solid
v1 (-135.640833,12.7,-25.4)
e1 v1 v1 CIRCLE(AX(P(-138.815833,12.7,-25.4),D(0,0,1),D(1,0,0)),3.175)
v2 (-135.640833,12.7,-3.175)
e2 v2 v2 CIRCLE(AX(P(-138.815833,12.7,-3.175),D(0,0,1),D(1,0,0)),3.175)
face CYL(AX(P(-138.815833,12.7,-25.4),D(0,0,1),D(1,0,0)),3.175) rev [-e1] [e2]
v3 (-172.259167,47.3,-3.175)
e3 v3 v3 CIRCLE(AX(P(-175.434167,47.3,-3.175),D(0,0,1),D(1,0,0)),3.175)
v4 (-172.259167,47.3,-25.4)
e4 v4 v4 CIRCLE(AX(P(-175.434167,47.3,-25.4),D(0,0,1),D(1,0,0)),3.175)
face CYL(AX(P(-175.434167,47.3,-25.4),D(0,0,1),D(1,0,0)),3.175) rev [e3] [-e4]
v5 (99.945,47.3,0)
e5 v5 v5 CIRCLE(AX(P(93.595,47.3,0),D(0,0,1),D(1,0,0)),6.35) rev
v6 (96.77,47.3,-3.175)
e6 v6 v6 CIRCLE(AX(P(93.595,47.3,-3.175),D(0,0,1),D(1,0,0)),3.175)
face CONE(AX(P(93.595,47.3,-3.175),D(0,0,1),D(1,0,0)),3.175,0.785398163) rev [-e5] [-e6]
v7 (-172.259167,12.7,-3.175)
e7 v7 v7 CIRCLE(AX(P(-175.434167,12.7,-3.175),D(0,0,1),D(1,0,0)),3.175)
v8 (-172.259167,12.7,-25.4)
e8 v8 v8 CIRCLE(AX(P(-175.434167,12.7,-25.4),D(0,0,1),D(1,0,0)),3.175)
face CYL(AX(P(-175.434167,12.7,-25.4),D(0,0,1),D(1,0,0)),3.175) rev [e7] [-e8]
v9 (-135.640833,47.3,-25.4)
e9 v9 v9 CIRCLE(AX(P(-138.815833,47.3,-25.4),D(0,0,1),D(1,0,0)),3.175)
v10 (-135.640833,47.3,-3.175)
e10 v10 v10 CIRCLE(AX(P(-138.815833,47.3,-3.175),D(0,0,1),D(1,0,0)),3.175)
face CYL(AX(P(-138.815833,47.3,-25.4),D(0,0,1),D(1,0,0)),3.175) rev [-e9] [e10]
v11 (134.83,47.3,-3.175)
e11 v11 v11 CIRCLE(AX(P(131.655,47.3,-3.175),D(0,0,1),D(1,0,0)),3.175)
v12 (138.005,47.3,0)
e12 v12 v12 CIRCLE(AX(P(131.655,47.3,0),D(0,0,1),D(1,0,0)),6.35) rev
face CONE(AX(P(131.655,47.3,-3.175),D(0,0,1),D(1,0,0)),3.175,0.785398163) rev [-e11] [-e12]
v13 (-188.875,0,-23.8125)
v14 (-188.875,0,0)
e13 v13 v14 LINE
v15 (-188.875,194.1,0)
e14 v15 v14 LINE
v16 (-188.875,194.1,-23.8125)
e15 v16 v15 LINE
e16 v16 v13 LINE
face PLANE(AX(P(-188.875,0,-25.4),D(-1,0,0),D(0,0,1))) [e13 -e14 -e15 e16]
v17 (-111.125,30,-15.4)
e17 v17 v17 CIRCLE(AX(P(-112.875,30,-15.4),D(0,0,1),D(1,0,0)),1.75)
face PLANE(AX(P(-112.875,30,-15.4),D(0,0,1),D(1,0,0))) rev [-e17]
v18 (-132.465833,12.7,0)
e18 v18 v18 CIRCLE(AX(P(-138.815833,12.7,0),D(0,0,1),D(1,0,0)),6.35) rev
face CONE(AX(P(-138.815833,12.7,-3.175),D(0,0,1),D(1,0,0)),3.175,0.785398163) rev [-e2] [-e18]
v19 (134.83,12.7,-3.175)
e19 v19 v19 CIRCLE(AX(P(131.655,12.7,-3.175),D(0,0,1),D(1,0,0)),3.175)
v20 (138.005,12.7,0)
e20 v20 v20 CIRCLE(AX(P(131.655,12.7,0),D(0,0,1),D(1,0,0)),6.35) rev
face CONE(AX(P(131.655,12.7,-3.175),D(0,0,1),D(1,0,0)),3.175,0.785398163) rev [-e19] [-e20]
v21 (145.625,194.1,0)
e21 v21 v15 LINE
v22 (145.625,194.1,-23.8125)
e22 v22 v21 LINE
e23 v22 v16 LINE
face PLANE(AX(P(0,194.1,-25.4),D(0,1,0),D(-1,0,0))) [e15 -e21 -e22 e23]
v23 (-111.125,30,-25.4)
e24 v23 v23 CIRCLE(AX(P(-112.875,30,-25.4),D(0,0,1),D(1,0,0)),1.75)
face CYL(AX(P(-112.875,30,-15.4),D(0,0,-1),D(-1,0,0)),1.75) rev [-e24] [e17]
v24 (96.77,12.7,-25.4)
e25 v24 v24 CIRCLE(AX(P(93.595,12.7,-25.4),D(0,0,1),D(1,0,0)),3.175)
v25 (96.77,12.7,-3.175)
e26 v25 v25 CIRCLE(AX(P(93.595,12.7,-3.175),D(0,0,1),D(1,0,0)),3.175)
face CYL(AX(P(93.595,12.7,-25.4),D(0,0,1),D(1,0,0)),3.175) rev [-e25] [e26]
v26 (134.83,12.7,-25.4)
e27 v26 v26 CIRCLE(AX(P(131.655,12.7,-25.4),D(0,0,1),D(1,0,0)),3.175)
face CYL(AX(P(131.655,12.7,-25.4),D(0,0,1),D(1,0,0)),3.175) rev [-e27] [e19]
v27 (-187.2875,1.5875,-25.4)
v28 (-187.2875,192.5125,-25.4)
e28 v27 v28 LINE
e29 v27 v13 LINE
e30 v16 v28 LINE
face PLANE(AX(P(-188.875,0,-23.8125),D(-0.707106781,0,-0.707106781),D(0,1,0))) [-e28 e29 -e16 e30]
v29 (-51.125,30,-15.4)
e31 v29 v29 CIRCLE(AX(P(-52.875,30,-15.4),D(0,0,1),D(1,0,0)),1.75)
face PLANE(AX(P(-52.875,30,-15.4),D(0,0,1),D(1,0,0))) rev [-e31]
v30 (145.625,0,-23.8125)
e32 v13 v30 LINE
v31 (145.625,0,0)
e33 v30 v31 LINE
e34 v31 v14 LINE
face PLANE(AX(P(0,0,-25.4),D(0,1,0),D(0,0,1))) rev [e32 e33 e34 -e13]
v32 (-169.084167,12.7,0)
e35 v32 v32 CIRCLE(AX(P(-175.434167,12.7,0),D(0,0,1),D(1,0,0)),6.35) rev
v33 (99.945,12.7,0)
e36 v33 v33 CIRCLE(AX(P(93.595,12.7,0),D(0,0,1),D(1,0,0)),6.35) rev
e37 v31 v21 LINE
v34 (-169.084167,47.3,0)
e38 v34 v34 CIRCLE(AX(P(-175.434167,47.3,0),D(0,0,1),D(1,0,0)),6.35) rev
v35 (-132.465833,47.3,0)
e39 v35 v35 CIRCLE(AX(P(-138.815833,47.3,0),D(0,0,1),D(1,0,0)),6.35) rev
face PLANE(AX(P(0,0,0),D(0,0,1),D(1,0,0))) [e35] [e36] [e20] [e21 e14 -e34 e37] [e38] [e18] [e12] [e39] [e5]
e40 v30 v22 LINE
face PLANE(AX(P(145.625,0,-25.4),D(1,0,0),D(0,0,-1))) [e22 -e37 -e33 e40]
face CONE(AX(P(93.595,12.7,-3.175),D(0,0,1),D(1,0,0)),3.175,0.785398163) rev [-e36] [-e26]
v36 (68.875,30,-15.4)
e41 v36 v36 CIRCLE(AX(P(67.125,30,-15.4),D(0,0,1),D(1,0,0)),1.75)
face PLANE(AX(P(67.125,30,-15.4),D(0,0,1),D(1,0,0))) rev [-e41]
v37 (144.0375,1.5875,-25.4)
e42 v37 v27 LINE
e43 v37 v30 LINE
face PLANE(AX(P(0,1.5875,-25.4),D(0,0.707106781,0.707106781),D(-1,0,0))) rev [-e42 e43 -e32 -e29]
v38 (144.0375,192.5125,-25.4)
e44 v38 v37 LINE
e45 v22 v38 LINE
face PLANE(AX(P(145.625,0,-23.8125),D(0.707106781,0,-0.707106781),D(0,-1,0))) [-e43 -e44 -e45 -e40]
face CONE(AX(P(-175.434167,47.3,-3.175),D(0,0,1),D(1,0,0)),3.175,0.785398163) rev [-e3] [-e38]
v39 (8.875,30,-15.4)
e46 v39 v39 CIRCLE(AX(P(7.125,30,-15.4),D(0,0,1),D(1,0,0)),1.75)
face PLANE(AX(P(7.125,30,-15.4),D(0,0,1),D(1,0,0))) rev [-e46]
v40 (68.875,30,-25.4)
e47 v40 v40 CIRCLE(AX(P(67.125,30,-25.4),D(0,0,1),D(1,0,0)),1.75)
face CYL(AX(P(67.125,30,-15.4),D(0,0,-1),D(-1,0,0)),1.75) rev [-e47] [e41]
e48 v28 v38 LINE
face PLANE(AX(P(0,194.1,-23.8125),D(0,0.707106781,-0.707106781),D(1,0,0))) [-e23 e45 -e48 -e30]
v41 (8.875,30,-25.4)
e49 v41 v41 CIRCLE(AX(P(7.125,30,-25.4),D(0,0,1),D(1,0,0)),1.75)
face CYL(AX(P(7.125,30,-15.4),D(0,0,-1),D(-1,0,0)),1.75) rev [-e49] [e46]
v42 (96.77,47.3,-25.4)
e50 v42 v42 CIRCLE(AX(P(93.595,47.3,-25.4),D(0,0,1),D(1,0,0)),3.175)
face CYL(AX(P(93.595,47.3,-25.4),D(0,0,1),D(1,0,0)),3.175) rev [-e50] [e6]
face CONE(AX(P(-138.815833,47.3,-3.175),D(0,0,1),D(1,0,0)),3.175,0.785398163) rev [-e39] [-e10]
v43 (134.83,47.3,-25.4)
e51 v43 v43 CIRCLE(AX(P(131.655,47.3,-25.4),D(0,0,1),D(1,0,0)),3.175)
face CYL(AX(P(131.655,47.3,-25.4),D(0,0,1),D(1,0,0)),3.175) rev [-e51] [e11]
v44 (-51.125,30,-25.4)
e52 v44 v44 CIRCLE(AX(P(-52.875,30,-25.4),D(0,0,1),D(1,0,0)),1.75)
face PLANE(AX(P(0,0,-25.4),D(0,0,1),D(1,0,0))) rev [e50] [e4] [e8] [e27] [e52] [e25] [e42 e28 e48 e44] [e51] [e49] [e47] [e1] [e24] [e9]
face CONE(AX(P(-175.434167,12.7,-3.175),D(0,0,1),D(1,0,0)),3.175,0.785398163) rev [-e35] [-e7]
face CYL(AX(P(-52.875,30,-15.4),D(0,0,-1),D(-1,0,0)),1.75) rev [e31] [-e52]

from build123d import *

# Parameters (mm, degrees)
SKETCH2_W               = 334.5
SKETCH2_H               = 194.1
PRIMARY_EXTRUSION_DEPTH = 25.4
RAIL_START              = -25.4
RAIL_MOUNTING_DEPTH     = 10
SKETCH3_R               = 3.175
CUT_EXTRUDE2_DEPTH      = 26.4
CHAMFER1_SIZE           = 3.175
CHAMFER2_SIZE           = 1.5875


with BuildPart() as part:
    # Sketch2 → Primary Extrusion (new body)
    with BuildSketch(Plane.XY):
        with Locations((-21.625, 97.05)):
            Rectangle(SKETCH2_W, SKETCH2_H)
    extrude(amount=-PRIMARY_EXTRUSION_DEPTH)

    # Sketch2<3> → Rail Mounting (cut)
    with BuildSketch(Plane.XY.offset(RAIL_START)):
        with BuildLine():
            ThreePointArc((-112.875, 31.75), (-114.625, 30), (-112.875, 28.25))
            ThreePointArc((-112.875, 28.25), (-111.125, 30), (-112.875, 31.75))
        make_face()
        with BuildLine():
            ThreePointArc((-52.875, 31.75), (-54.625, 30), (-52.875, 28.25))
            ThreePointArc((-52.875, 28.25), (-51.125, 30), (-52.875, 31.75))
        make_face()
        with BuildLine():
            ThreePointArc((7.125, 31.75), (5.375, 30), (7.125, 28.25))
            ThreePointArc((7.125, 28.25), (8.875, 30), (7.125, 31.75))
        make_face()
        with BuildLine():
            ThreePointArc((67.125, 31.75), (65.375, 30), (67.125, 28.25))
            ThreePointArc((67.125, 28.25), (68.875, 30), (67.125, 31.75))
        make_face()
    extrude(amount=RAIL_MOUNTING_DEPTH, mode=Mode.SUBTRACT)

    # Sketch3 → Cut-Extrude2 (cut, through all)
    with BuildSketch(Plane.XY):
        with Locations((-138.815833333, 47.3)):
            Circle(SKETCH3_R)
        with Locations((-138.815833333, 12.7)):
            Circle(SKETCH3_R)
        with Locations((93.595, 47.3)):
            Circle(SKETCH3_R)
        with Locations((131.655, 47.3)):
            Circle(SKETCH3_R)
        with Locations((131.655, 12.7)):
            Circle(SKETCH3_R)
        with Locations((93.595, 12.7)):
            Circle(SKETCH3_R)
        with Locations((-175.434166667, 12.7)):
            Circle(SKETCH3_R)
        with Locations((-175.434166667, 47.3)):
            Circle(SKETCH3_R)
    extrude(amount=-CUT_EXTRUDE2_DEPTH, mode=Mode.SUBTRACT)

    # Chamfer1
    chamfer1_edges = [part.edges().sort_by_distance(p)[0] for p in [
        (128.48, 12.7, 0),
        (90.42, 47.3, 0),
        (128.48, 47.3, 0),
        (-141.990833333, 12.7, 0),
        (90.42, 12.7, 0),
        (-178.609166667, 12.7, 0),
        (-178.609166667, 47.3, 0),
        (-141.990833333, 47.3, 0),
    ]]
    chamfer(chamfer1_edges, length=CHAMFER1_SIZE)

    # Chamfer2
    chamfer2_edges = [part.edges().sort_by_distance(p)[0] for p in [
        (-21.625, 0, -25.4),
        (145.625, 97.05, -25.4),
        (-21.625, 194.1, -25.4),
        (-188.875, 97.05, -25.4),
    ]]
    chamfer(chamfer2_edges, length=CHAMFER2_SIZE)


solid = part.part
